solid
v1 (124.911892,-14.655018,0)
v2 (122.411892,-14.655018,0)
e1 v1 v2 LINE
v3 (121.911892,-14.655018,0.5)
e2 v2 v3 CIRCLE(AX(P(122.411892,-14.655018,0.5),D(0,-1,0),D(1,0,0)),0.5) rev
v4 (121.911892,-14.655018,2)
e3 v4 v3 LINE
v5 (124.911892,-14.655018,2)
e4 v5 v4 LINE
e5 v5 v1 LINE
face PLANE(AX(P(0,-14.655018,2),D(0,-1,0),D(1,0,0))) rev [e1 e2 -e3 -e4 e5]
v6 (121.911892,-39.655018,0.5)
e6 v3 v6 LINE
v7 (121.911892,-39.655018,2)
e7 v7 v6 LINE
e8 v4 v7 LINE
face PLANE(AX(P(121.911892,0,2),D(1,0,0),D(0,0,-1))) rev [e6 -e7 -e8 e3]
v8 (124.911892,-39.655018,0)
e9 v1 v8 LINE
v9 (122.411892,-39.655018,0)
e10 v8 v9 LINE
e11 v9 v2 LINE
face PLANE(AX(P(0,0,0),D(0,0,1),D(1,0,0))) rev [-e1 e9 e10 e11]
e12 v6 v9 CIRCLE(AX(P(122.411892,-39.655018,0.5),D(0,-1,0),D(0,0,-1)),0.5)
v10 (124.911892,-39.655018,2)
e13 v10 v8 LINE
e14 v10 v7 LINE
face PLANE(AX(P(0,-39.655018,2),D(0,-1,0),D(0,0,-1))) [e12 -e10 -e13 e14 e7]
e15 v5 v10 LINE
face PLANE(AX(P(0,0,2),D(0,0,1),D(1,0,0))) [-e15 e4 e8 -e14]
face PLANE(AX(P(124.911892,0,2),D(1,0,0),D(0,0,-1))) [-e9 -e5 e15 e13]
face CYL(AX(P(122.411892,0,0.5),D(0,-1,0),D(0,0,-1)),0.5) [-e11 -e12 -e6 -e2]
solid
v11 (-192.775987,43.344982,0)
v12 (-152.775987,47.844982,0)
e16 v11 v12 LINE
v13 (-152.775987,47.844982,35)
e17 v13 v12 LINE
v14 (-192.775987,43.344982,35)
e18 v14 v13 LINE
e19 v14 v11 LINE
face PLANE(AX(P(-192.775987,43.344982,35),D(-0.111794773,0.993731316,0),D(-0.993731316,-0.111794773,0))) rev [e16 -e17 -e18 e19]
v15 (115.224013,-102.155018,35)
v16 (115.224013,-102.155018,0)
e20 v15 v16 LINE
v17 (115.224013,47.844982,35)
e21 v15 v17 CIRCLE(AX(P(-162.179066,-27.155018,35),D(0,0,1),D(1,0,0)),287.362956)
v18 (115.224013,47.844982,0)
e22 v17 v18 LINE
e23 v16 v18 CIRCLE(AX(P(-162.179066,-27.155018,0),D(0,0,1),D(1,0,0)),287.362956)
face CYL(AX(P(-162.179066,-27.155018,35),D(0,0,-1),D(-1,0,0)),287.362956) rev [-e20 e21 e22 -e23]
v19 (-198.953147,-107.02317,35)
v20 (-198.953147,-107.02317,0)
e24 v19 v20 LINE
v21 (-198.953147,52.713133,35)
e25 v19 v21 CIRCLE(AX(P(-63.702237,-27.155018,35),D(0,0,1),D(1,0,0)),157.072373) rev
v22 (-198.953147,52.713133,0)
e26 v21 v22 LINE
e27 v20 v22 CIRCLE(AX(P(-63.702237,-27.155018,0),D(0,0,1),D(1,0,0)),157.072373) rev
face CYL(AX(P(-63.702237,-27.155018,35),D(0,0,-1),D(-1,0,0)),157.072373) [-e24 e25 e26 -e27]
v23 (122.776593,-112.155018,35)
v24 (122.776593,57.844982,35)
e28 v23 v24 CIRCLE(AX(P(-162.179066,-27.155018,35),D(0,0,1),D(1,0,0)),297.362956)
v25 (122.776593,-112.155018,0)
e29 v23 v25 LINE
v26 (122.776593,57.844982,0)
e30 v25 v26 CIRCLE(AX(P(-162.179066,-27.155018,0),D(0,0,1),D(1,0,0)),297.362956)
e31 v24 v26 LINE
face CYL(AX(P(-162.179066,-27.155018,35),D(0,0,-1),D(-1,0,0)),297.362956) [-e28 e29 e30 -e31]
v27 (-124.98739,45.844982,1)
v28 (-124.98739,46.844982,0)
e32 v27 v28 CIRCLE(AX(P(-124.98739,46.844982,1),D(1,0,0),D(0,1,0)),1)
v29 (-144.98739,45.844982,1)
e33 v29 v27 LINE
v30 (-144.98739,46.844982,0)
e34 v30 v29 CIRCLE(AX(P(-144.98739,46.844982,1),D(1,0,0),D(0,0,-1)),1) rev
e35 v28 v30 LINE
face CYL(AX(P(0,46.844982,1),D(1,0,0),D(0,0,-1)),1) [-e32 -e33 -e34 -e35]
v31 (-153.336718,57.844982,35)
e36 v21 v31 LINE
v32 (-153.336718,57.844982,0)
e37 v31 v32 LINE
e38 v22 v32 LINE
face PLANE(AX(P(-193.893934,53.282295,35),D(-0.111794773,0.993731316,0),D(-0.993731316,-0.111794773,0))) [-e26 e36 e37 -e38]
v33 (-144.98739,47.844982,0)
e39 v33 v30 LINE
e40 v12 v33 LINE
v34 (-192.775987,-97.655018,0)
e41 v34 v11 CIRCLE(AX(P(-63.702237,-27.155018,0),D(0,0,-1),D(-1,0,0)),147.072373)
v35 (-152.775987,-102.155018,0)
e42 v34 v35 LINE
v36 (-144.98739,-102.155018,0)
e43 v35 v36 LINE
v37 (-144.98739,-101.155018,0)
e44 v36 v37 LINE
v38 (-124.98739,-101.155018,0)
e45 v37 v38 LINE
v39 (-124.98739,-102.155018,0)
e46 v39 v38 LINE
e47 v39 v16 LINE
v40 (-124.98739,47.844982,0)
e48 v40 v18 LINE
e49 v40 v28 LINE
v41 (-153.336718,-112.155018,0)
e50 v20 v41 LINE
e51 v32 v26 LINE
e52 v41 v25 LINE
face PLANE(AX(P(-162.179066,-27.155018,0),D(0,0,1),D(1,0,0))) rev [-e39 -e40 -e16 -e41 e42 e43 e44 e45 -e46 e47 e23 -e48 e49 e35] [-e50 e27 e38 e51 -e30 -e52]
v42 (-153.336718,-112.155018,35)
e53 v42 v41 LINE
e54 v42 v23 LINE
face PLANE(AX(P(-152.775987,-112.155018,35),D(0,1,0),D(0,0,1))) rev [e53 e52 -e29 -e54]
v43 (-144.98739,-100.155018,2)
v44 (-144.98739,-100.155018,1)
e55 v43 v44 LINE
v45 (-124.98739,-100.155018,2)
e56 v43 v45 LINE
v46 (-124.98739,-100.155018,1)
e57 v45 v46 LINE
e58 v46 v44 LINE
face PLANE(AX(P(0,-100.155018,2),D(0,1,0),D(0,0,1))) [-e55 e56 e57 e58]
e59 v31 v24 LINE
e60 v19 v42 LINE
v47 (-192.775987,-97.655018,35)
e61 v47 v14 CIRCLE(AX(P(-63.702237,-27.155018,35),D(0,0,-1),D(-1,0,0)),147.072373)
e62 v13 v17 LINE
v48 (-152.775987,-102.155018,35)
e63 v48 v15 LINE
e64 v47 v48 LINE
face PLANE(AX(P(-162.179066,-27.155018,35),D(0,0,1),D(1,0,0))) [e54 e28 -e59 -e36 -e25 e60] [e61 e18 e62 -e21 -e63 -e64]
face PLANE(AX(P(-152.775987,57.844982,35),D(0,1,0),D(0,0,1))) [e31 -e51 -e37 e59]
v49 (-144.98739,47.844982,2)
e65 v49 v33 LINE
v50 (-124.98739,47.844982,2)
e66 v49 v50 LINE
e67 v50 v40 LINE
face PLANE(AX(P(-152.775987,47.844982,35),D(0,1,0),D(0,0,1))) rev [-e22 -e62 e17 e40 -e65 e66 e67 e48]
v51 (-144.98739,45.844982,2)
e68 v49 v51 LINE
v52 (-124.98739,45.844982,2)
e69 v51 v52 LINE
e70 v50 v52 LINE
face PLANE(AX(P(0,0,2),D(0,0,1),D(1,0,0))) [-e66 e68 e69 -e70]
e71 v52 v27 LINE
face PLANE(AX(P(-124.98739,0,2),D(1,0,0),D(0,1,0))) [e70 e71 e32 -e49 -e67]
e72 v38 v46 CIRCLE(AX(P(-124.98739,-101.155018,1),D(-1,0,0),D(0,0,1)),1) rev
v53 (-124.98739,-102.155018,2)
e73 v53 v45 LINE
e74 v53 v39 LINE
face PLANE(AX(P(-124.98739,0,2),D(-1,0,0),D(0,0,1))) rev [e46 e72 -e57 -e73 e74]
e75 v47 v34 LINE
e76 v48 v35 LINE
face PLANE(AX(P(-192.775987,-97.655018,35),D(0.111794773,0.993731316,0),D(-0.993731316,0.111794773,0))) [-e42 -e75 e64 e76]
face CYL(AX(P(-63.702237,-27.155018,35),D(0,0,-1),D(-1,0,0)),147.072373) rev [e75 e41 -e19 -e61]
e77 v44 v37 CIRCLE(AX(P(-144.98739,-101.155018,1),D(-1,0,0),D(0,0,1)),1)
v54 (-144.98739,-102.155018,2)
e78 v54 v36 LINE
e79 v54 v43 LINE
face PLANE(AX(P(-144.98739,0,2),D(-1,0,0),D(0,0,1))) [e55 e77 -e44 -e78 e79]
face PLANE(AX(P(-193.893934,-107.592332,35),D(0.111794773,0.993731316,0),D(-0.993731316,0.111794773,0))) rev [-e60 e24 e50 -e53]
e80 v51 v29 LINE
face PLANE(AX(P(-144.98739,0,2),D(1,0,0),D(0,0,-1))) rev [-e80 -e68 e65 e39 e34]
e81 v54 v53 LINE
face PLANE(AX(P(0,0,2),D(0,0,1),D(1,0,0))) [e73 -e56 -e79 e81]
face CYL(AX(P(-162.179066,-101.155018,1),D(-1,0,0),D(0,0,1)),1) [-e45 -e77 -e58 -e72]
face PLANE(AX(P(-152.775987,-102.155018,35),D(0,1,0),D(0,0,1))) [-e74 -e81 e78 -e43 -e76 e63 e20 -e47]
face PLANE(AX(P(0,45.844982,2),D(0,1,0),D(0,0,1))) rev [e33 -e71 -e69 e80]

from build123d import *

# Parameters (mm, degrees)
EXTRU_MINCE1_DEPTH = 35
ESQUISSE1_13_W     = 3
ESQUISSE1_13_H     = 25
BOSS_EXTRU_1_DEPTH = 2
ESQUISSE1_14_W     = 20
ESQUISSE1_14_H     = 2
BOSS_EXTRU_2_DEPTH = 2
ESQUISSE1_15_W     = 20
ESQUISSE1_15_H     = 2
BOSS_EXTRU_3_DEPTH = 2
CONG_2_R           = 1
CONG_3_R           = 1
CONG_4_R           = 0.5


with BuildPart() as part:
    # Esquisse1 → Extru.-Mince1 (new body)
    with BuildSketch(Plane.XY):
        with BuildLine():
            Line((-198.953146912, 52.713133275), (-153.336718001, 57.844981528))
            Line((-153.336718001, 57.844981528), (122.776592962, 57.844981528))
            ThreePointArc((122.776592962, 57.844981528), (135.183889941, -27.155018472), (122.776592962, -112.155018472))
            Line((122.776592962, -112.155018472), (-153.336718001, -112.155018472))
            Line((-153.336718001, -112.155018472), (-198.953146912, -107.02317022))
            ThreePointArc((-198.953146912, -107.02317022), (-220.774609776, -27.155018472), (-198.953146912, 52.713133275))
        make_face()
        with BuildLine():
            Line((-192.775986612, 43.344981528), (-152.775986612, 47.844981528))
            Line((-152.775986612, 47.844981528), (115.224013388, 47.844981528))
            ThreePointArc((115.224013388, 47.844981528), (125.183889941, -27.155018472), (115.224013388, -102.155018472))
            Line((115.224013388, -102.155018472), (-152.775986612, -102.155018472))
            Line((-152.775986612, -102.155018472), (-192.775986612, -97.655018472))
            ThreePointArc((-192.775986612, -97.655018472), (-210.774609776, -27.155018472), (-192.775986612, 43.344981528))
        make_face(mode=Mode.SUBTRACT)
    extrude(amount=EXTRU_MINCE1_DEPTH)

    # Esquisse1<14> → Boss.-Extru.2 (add)
    with BuildSketch(Plane.XY):
        with Locations((-134.987389646, -101.155018472)):
            Rectangle(ESQUISSE1_14_W, ESQUISSE1_14_H)
    extrude(amount=BOSS_EXTRU_2_DEPTH)

    # Esquisse1<15> → Boss.-Extru.3 (add)
    with BuildSketch(Plane.XY):
        with Locations((-134.987389646, 46.844981528)):
            Rectangle(ESQUISSE1_15_W, ESQUISSE1_15_H)
    extrude(amount=BOSS_EXTRU_3_DEPTH)

    # Congé2
    cong_2_edges = [part.edges().sort_by_distance(p)[0] for p in [
        (-134.987389646, 45.844981528, 0),
    ]]
    fillet(cong_2_edges, radius=CONG_2_R)

    # Congé3
    cong_3_edges = [part.edges().sort_by_distance(p)[0] for p in [
        (-134.987389646, -100.155018472, 0),
    ]]
    fillet(cong_3_edges, radius=CONG_3_R)


with BuildPart() as body_2:
    # Esquisse1<13> → Boss.-Extru.1 (new body)
    with BuildSketch(Plane.XY):
        with Locations((123.411892491, -27.155018472)):
            Rectangle(ESQUISSE1_13_W, ESQUISSE1_13_H)
    extrude(amount=BOSS_EXTRU_1_DEPTH)

    # Congé4
    cong_4_edges = [body_2.edges().sort_by_distance(p)[0] for p in [
        (121.911892491, -27.155018472, 0),
    ]]
    fillet(cong_4_edges, radius=CONG_4_R)


solid = Compound([part.part, body_2.part])
